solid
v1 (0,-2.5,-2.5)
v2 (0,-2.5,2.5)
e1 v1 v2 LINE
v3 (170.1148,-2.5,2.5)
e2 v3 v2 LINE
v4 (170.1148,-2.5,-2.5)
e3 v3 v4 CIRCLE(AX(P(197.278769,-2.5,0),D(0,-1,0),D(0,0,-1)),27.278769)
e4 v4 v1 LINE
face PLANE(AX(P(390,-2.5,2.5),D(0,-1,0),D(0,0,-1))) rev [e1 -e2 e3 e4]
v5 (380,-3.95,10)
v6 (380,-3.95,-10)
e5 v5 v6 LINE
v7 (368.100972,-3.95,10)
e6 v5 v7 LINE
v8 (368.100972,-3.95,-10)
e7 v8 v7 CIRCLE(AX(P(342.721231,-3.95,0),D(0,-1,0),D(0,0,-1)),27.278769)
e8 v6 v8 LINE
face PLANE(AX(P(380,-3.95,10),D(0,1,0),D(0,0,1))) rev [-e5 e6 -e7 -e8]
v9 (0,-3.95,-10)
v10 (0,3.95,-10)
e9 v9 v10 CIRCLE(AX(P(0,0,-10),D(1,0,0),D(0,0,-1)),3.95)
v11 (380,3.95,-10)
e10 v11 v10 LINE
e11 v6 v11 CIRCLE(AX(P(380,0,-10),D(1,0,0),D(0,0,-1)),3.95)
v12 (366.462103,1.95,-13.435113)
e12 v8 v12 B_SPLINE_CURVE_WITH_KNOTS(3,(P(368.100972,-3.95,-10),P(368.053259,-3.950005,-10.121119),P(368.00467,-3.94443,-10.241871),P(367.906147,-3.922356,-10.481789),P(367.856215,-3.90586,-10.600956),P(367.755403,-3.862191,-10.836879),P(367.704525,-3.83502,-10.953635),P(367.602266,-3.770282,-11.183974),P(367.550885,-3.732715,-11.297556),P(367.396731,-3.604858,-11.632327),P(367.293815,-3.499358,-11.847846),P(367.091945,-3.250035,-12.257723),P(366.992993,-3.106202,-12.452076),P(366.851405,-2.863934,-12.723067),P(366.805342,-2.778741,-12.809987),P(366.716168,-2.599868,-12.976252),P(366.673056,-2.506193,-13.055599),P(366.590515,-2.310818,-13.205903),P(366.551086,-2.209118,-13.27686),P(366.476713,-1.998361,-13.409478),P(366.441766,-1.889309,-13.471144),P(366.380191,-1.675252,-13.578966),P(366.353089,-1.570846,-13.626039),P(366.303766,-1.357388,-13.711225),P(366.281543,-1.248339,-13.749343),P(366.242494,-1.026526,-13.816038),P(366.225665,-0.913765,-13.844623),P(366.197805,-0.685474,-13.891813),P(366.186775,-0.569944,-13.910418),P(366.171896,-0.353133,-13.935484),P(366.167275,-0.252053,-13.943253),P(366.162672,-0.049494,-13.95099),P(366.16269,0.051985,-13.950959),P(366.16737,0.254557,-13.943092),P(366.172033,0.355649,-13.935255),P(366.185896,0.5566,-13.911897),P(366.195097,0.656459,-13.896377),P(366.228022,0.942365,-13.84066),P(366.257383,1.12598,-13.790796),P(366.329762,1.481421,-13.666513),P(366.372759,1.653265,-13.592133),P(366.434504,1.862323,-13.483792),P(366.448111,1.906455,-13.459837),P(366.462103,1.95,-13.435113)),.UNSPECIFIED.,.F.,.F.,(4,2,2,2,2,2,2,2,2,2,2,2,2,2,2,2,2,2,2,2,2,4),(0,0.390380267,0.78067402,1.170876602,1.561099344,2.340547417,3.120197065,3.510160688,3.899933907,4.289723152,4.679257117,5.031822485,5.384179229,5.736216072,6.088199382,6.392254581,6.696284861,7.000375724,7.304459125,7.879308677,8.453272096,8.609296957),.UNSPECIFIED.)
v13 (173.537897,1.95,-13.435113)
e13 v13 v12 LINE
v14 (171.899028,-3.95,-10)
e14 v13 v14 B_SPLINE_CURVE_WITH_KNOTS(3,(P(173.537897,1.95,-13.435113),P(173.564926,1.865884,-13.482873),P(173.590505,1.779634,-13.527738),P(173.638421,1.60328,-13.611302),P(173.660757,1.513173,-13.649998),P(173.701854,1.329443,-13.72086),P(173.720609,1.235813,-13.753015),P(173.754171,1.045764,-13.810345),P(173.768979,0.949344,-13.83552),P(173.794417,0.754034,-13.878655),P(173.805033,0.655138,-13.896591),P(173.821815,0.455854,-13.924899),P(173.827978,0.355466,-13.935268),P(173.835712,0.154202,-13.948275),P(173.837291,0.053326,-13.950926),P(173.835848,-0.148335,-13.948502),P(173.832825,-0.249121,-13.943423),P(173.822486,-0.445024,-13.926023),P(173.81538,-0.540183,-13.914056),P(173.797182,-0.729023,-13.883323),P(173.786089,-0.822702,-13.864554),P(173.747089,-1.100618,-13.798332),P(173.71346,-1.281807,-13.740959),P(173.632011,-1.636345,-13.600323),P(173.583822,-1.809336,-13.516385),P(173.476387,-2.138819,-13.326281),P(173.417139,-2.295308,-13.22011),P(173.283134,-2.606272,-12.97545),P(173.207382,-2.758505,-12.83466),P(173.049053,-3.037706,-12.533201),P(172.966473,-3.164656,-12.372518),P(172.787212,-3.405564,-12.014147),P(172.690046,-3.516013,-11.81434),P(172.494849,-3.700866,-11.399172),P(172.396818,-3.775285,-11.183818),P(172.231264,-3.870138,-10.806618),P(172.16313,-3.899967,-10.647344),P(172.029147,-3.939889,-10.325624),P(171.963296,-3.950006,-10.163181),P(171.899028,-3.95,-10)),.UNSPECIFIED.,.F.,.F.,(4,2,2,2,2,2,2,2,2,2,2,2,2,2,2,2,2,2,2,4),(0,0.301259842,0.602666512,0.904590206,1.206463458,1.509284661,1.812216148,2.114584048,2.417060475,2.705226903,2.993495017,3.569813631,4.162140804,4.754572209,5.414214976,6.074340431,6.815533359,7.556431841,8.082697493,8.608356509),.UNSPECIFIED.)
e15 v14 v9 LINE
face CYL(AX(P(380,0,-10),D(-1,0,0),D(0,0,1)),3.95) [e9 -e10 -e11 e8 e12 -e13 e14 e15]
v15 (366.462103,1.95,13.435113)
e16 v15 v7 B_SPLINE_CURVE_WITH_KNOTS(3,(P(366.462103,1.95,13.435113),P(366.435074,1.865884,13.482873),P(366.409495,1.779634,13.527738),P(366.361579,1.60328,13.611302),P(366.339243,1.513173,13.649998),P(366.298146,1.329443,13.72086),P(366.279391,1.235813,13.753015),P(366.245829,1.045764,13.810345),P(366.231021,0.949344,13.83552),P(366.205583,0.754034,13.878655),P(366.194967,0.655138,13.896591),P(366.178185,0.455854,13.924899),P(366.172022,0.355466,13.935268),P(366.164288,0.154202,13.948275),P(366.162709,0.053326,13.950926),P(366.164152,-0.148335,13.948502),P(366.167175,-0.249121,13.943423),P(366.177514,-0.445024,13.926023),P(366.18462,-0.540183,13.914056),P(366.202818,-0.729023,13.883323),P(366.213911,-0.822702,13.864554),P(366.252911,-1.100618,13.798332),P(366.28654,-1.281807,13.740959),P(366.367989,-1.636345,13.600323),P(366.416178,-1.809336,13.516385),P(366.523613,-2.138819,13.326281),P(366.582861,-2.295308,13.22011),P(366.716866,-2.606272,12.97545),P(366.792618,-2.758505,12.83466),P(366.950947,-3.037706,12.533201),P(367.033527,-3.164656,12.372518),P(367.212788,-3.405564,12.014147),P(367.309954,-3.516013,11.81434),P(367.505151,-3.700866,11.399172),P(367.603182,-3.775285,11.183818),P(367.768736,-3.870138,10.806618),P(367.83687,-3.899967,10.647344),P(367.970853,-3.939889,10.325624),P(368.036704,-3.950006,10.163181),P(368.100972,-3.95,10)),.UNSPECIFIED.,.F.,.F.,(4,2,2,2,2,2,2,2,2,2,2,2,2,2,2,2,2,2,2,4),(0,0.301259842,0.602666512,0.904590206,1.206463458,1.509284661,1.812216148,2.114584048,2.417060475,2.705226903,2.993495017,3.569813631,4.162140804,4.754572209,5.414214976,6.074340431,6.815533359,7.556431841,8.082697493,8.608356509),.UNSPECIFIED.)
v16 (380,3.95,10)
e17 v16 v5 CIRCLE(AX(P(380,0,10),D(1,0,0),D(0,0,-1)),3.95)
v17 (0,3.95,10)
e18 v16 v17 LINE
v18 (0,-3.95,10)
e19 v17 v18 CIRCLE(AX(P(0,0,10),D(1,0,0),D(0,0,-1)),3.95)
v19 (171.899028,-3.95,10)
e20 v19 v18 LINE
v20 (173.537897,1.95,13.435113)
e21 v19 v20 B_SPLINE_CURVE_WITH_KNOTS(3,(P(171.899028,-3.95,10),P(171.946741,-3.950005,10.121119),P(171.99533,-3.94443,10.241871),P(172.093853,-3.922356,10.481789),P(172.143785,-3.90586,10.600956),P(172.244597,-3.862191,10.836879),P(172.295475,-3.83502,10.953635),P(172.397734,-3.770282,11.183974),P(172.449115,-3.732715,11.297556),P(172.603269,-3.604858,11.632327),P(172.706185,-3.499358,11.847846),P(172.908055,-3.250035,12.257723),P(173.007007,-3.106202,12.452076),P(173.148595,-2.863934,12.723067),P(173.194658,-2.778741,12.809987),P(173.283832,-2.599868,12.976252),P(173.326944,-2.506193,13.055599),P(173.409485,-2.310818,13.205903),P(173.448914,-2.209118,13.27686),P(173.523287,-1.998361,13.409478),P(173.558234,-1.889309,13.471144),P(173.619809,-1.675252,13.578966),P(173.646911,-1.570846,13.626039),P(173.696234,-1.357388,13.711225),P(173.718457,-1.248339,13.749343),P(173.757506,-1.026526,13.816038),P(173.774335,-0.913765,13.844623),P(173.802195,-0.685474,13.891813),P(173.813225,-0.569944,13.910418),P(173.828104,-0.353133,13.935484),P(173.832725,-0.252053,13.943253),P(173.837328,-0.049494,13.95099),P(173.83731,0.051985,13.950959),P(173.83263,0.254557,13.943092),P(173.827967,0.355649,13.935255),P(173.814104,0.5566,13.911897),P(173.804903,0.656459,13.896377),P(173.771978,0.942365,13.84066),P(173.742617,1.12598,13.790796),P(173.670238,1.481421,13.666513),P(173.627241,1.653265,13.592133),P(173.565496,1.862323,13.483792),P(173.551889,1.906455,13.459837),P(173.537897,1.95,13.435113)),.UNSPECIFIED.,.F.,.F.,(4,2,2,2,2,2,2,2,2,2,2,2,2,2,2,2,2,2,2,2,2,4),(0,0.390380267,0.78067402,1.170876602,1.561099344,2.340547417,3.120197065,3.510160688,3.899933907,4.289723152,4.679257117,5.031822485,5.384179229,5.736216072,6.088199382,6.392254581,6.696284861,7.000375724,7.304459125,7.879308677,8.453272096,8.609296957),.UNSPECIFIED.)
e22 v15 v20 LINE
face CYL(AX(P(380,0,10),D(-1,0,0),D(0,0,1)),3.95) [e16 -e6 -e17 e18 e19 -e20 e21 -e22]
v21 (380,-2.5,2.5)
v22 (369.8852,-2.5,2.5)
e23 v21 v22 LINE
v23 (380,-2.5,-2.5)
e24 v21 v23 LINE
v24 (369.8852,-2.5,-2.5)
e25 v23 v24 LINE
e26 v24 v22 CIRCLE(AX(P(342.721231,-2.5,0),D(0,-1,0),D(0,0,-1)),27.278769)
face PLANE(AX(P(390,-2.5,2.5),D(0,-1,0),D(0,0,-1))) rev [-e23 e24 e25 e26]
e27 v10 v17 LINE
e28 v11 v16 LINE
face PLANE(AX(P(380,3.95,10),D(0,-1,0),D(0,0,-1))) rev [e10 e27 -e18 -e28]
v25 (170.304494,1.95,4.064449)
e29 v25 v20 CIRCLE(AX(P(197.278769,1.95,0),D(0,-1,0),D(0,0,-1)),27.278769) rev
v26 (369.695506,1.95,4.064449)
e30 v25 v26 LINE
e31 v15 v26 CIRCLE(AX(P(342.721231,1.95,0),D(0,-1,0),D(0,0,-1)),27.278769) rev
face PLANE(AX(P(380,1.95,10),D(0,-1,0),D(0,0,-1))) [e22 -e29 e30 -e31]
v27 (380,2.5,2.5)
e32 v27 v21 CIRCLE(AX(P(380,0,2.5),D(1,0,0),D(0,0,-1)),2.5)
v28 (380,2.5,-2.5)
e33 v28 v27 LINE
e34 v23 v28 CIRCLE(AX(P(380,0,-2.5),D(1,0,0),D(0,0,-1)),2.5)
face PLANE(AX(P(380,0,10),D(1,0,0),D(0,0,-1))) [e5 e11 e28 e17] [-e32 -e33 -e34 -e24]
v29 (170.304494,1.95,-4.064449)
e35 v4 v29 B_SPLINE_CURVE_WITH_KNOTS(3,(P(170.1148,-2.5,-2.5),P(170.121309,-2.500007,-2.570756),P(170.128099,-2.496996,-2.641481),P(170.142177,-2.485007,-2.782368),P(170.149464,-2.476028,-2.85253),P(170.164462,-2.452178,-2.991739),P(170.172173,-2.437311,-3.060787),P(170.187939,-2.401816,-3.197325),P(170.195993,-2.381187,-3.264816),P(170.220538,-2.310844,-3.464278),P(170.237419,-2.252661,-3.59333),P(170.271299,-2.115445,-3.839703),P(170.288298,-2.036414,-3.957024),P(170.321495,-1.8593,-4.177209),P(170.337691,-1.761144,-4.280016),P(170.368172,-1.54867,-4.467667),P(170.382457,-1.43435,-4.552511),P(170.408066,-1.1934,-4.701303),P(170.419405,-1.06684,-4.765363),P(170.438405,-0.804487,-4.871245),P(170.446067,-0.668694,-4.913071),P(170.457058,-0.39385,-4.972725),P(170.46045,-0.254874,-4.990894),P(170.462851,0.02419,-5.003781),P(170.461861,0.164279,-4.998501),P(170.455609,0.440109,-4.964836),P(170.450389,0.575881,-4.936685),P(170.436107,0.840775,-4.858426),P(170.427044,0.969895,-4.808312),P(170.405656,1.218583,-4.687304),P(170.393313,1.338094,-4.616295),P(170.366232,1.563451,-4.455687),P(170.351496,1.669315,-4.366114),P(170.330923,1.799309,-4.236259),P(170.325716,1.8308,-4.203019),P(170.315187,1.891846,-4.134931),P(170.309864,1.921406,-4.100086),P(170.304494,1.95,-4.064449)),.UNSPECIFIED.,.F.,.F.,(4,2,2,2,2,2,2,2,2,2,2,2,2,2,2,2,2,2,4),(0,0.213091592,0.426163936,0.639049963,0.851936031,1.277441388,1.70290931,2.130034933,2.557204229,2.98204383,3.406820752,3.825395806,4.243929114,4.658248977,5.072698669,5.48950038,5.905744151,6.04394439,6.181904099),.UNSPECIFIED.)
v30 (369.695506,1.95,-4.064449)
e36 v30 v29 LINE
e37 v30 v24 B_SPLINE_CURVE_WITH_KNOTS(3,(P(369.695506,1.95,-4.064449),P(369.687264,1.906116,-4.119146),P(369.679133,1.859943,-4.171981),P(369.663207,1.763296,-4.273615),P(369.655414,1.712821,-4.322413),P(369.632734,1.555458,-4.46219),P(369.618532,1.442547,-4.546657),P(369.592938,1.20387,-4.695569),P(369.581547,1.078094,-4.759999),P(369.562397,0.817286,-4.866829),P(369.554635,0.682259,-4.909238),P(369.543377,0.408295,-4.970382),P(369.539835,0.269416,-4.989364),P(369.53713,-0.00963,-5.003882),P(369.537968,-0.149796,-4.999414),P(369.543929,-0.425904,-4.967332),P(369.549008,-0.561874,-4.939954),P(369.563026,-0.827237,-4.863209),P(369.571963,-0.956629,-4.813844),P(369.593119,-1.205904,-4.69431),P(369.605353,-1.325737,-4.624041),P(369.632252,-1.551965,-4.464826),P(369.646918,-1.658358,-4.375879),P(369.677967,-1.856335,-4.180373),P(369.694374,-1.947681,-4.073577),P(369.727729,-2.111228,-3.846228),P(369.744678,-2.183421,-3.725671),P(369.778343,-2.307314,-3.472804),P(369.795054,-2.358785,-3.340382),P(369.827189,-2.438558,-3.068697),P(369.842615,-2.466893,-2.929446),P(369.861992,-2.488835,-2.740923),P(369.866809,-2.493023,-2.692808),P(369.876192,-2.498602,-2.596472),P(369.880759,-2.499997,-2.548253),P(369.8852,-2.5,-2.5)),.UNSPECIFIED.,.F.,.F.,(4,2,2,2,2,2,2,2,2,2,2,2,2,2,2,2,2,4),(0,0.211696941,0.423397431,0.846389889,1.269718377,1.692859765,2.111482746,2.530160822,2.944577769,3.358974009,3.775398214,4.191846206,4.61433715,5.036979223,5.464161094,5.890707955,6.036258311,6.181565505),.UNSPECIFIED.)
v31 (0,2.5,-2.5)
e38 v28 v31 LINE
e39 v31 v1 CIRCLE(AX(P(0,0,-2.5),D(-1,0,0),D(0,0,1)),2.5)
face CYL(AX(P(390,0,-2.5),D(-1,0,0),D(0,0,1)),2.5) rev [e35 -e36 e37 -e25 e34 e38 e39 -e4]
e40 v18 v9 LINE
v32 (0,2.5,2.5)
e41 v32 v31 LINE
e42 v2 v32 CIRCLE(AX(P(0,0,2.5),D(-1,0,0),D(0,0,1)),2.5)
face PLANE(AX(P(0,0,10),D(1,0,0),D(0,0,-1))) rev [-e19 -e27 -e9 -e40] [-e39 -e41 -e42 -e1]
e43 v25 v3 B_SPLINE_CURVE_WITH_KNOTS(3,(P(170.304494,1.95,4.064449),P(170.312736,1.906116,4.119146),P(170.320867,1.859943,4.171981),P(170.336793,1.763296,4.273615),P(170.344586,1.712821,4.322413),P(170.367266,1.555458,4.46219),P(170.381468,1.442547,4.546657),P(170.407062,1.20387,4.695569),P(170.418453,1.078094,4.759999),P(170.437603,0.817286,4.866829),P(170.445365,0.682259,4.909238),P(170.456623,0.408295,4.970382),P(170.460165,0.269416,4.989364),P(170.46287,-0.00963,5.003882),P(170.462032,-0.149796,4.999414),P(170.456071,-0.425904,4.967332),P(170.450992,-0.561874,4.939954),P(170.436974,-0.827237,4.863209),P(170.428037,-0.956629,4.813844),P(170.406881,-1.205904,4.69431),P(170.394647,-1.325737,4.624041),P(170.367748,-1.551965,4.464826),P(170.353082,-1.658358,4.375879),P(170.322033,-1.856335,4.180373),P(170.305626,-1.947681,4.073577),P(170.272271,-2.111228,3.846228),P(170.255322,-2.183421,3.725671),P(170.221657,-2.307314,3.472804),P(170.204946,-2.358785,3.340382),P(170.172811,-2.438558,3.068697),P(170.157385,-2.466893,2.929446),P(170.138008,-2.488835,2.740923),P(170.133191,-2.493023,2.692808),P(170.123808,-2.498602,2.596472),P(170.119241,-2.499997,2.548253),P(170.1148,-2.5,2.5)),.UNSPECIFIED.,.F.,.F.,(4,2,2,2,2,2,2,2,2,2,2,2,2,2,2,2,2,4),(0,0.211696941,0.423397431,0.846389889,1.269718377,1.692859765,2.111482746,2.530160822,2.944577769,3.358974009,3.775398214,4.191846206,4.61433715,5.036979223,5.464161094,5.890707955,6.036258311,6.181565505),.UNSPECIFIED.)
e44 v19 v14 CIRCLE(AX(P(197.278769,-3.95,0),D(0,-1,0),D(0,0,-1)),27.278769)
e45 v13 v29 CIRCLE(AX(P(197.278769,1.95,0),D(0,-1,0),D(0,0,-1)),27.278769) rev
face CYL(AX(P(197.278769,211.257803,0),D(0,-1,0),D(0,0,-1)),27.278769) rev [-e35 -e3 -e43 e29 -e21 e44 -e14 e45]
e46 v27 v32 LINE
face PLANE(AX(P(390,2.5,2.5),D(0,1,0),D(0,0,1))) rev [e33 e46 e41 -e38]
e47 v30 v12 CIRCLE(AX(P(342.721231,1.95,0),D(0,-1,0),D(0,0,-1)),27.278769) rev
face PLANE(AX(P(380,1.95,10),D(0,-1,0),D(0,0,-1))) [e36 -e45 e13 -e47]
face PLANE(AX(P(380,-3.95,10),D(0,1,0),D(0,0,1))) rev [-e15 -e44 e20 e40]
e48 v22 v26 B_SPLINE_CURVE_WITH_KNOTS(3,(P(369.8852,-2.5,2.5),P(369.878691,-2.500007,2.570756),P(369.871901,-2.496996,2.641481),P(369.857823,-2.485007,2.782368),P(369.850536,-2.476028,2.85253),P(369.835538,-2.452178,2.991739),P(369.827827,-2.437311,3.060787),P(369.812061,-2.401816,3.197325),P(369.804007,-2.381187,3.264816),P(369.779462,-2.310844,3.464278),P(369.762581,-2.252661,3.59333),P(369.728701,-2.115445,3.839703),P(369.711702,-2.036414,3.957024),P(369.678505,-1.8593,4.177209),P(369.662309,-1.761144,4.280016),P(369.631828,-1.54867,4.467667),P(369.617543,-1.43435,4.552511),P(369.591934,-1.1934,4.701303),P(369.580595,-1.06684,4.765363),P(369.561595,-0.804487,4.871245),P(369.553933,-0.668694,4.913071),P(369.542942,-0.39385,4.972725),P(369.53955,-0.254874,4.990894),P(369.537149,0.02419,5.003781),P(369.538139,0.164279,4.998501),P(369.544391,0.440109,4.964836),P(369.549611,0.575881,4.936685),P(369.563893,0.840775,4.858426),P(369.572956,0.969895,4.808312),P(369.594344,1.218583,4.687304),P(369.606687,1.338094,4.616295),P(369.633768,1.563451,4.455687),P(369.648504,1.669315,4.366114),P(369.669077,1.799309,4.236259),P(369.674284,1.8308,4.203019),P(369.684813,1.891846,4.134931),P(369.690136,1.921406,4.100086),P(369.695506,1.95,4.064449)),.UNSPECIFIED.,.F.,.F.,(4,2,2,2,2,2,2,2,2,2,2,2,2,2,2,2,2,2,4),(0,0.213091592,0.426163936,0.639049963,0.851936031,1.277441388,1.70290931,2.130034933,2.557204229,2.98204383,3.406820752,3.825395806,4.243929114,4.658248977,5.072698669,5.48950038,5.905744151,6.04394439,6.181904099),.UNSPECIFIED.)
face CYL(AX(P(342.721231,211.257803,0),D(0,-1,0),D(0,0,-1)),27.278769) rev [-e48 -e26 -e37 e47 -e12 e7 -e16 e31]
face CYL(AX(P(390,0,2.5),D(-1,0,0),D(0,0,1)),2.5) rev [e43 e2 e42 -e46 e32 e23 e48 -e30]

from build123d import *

# Parameters (mm, degrees)
EXTRUDE_1_DEPTH     = 380
CUT_EXTRUDE_1_DEPTH = 390
CUT_EXTRUDE_2_DEPTH = 5.9


with BuildPart() as part:
    # 草图2 → 凸台-拉伸1 (new body)
    with BuildSketch(Plane(origin=(0, 0, 0), x_dir=(0, 0, -1), z_dir=(1, 0, 0))):
        with BuildLine():
            Line((-10, 3.95), (10, 3.95))
            ThreePointArc((10, 3.95), (13.95, 0), (10, -3.95))
            Line((10, -3.95), (-10, -3.95))
            ThreePointArc((-10, -3.95), (-13.95, 0), (-10, 3.95))
        make_face()
    extrude(amount=EXTRUDE_1_DEPTH)

    # 草图3 → 切除-拉伸1 (cut)
    with BuildSketch(Plane.ZY):
        with BuildLine():
            Line((2.5, -2.5), (-2.5, -2.5))
            ThreePointArc((-2.5, -2.5), (-5, 0), (-2.5, 2.5))
            Line((-2.5, 2.5), (2.5, 2.5))
            ThreePointArc((2.5, 2.5), (5, 0), (2.5, -2.5))
        make_face()
    extrude(amount=-CUT_EXTRUDE_1_DEPTH, mode=Mode.SUBTRACT)

    # 草图5 → 切除-拉伸2 (cut)
    with BuildSketch(Plane.XZ.offset(3.95)):
        with BuildLine():
            Line((197.278769414, 27.278769414), (342.721230586, 27.278769414))
            ThreePointArc((342.721230586, 27.278769414), (370, 0), (342.721230586, -27.278769414))
            Line((342.721230586, -27.278769414), (197.278769414, -27.278769414))
            ThreePointArc((197.278769414, -27.278769414), (170, 0), (197.278769414, 27.278769414))
        make_face()
    extrude(amount=-CUT_EXTRUDE_2_DEPTH, mode=Mode.SUBTRACT)


solid = part.part
